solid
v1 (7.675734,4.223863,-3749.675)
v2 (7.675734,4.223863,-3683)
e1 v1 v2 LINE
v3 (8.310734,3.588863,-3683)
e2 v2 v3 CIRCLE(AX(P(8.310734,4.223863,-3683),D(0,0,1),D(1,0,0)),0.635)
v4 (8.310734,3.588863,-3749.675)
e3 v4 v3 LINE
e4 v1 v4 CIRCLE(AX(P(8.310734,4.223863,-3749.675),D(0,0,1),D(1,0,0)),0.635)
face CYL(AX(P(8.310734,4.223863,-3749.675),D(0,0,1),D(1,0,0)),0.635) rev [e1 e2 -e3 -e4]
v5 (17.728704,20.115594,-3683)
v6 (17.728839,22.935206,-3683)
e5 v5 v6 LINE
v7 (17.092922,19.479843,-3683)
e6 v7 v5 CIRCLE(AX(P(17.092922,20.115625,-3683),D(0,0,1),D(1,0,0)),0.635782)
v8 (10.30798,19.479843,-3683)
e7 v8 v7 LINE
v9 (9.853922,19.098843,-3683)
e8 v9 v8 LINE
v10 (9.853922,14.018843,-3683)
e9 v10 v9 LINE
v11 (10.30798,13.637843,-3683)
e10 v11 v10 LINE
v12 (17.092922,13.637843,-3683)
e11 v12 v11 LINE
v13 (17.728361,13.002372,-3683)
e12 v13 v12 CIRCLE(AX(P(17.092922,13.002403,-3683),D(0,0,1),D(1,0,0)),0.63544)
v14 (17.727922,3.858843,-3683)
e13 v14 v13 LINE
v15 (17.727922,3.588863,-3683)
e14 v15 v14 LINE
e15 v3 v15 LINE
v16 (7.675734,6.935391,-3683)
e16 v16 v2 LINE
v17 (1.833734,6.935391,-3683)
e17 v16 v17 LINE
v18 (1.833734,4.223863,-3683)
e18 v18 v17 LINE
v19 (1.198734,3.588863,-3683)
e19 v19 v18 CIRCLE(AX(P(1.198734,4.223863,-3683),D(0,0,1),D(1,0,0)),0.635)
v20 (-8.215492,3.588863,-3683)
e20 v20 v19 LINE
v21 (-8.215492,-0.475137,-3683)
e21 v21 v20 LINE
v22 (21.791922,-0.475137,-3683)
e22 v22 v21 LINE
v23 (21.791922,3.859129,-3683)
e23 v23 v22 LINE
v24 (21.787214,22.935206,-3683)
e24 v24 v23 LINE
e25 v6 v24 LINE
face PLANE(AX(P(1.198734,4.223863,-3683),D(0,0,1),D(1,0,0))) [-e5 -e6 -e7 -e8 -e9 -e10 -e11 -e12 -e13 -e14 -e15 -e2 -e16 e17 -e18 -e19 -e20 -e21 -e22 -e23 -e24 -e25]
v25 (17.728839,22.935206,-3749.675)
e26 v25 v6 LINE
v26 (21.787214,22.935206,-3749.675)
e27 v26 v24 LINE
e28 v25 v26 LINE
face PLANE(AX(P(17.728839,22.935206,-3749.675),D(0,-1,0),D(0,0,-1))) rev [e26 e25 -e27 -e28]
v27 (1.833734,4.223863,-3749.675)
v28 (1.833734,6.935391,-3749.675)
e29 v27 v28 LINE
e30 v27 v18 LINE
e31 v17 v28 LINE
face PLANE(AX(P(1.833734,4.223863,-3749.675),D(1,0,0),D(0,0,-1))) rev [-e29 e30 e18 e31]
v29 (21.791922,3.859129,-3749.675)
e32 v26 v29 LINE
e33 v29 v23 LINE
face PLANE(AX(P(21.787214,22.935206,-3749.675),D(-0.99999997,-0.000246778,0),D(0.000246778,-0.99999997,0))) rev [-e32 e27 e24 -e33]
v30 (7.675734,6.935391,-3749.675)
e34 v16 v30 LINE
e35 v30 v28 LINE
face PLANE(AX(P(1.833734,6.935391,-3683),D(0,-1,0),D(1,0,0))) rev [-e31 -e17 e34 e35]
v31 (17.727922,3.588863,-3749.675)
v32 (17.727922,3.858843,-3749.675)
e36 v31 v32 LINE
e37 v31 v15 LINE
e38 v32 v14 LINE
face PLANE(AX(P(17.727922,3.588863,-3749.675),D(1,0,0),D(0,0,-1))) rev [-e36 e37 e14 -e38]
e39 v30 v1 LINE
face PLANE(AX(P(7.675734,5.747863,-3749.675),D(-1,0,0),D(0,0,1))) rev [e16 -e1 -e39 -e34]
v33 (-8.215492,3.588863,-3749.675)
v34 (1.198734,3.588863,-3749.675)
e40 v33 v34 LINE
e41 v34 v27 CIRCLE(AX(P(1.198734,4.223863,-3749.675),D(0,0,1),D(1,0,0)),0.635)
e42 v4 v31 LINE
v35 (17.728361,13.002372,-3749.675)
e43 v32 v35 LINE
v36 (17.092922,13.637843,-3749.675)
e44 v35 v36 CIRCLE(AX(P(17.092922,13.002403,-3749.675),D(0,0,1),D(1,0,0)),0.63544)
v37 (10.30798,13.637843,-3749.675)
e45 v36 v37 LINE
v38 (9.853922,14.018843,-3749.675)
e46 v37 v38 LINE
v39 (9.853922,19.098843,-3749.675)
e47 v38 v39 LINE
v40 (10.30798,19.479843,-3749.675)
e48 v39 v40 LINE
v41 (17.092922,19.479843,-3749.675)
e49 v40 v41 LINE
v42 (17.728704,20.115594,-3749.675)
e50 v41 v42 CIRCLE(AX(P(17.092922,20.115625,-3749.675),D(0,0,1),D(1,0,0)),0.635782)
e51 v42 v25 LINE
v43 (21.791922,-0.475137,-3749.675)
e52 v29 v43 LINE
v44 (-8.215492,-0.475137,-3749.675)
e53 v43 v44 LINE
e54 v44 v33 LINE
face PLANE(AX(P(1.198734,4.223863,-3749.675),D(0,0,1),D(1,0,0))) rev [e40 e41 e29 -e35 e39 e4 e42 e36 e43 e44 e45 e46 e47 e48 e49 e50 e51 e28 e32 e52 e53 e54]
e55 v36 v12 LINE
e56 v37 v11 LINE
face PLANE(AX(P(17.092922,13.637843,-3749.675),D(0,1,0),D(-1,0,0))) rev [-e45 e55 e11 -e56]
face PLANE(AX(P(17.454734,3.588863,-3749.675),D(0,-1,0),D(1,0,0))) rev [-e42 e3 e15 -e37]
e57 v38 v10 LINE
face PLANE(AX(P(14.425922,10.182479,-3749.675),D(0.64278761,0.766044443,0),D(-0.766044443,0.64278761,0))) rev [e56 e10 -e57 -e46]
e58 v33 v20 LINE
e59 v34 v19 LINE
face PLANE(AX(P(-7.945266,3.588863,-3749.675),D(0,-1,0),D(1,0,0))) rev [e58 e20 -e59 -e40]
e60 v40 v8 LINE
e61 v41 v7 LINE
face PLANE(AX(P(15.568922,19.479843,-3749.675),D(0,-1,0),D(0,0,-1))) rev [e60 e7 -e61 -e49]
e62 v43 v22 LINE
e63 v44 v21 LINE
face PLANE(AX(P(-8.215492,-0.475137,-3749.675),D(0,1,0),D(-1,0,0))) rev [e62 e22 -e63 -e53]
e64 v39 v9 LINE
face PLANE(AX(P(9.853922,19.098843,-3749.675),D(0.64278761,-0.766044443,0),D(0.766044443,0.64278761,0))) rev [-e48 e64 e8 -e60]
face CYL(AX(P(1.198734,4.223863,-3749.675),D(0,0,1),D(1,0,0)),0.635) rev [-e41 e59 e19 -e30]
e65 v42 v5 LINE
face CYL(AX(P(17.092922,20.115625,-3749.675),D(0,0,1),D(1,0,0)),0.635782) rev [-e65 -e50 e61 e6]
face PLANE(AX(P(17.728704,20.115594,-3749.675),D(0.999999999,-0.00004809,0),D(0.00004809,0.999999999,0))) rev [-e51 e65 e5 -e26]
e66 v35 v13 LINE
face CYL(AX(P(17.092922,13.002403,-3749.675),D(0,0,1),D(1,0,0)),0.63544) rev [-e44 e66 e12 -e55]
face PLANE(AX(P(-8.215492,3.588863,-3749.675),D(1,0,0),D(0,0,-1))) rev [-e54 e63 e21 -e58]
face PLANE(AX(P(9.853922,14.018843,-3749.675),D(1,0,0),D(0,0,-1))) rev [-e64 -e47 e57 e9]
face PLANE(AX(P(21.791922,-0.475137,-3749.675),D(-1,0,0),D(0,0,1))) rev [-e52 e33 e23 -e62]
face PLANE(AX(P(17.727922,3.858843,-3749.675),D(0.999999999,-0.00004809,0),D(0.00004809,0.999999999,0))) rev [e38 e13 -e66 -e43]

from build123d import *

# Parameters (mm, degrees)
BOSS_EXTRUDE1_DEPTH = 66.675
CUT_EXTRUDE1_REACH  = 75.8
CUT_EXTRUDE2_REACH  = 75.8
SKETCH6_W           = 5.842
SKETCH6_H           = 4.878381591
CUT_EXTRUDE4_DEPTH  = 74.800184057


with BuildPart() as part:
    # Sketch1 → Boss-Extrude1 (new body)
    with BuildSketch(Plane(origin=(0, 0, -3683), x_dir=(-1, 0, 0), z_dir=(0, 0, -1))):
        with BuildLine():
            Line((7.945265893, 3.588862728), (-1.198734107, 3.588862728))
            ThreePointArc((-1.198734107, 3.588862728), (-1.647746913, 3.774849922), (-1.833734107, 4.223862728))
            Line((-1.833734107, 4.223862728), (-1.833734107, 5.747862728))
            ThreePointArc((-1.833734107, 5.747862728), (-1.647746913, 6.196875535), (-1.198734107, 6.382862728))
            Line((-1.198734107, 6.382862728), (1.621629442, 6.382862728))
            Line((1.621629442, 6.382862728), (1.621629442, 6.890862686))
            Line((1.621629442, 6.890862686), (-2.214734107, 11.462862728))
            Line((-2.214734107, 11.462862728), (-7.294734107, 11.462862728))
            Line((-7.294734107, 11.462862728), (-11.131097656, 6.890862686))
            Line((-11.131097656, 6.890862686), (-11.131097656, 6.382862728))
            Line((-11.131097656, 6.382862728), (-8.310734107, 6.382862728))
            ThreePointArc((-8.310734107, 6.382862728), (-7.861721301, 6.196875535), (-7.675734107, 5.747862728))
            Line((-7.675734107, 5.747862728), (-7.675734107, 4.223862728))
            ThreePointArc((-7.675734107, 4.223862728), (-7.861721301, 3.774849922), (-8.310734107, 3.588862728))
            Line((-8.310734107, 3.588862728), (-17.454734107, 3.588862728))
            Line((-17.454734107, 3.588862728), (-17.727921752, 3.588862728))
            Line((-17.727921752, 3.588862728), (-17.727921752, 3.858842754))
            Line((-17.727921752, 3.858842754), (-17.728361466, 13.002372481))
            ThreePointArc((-17.728361466, 13.002372481), (-17.542256287, 13.451715967), (-17.092921752, 13.637842754))
            Line((-17.092921752, 13.637842754), (-15.568921752, 13.637842754))
            ThreePointArc((-15.568921752, 13.637842754), (-15.119908946, 13.45185556), (-14.933921752, 13.002842754))
            Line((-14.933921752, 13.002842754), (-14.933921752, 10.182479205))
            Line((-14.933921752, 10.182479205), (-14.425921794, 10.182479205))
            Line((-14.425921794, 10.182479205), (-9.853921752, 14.018842754))
            Line((-9.853921752, 14.018842754), (-9.853921752, 19.098842754))
            Line((-9.853921752, 19.098842754), (-14.425921794, 22.935206303))
            Line((-14.425921794, 22.935206303), (-14.933921752, 22.935206303))
            Line((-14.933921752, 22.935206303), (-14.933921752, 20.114842754))
            ThreePointArc((-14.933921752, 20.114842754), (-15.119908946, 19.665829948), (-15.568921752, 19.479842754))
            Line((-15.568921752, 19.479842754), (-17.092921752, 19.479842754))
            ThreePointArc((-17.092921752, 19.479842754), (-17.542476558, 19.66604812), (-17.728703542, 20.11559397))
            Line((-17.728703542, 20.11559397), (-17.728839138, 22.935206303))
            Line((-17.728839138, 22.935206303), (-21.787214199, 22.935206303))
            Line((-21.787214199, 22.935206303), (-21.791921752, 3.859128788))
            Line((-21.791921752, 3.859128788), (-21.791921752, 3.588862728))
            Line((-21.791921752, 3.588862728), (-21.791921752, -0.475137272))
            Line((-21.791921752, -0.475137272), (-17.727921752, -0.475137272))
            Line((-17.727921752, -0.475137272), (-17.454774021, -0.475137272))
            Line((-17.454774021, -0.475137272), (7.945225979, -0.475137272))
            Line((7.945225979, -0.475137272), (8.215492039, -0.475137272))
            Line((8.215492039, -0.475137272), (8.215492039, 3.588862728))
            Line((8.215492039, 3.588862728), (7.945265893, 3.588862728))
        make_face()
    extrude(amount=BOSS_EXTRUDE1_DEPTH)

    # Sketch2 → Cut-Extrude1 (cut, up to next)
    with BuildSketch(Plane.XY.offset(-3683), mode=Mode.PRIVATE) as cut_extrude1_sk1:
        with BuildLine():
            Line((11.131097656, 6.890862686), (11.131097656, 6.382862728))
            Line((11.131097656, 6.382862728), (8.310734107, 6.382862728))
            ThreePointArc((8.310734107, 6.382862728), (7.861721301, 6.196875535), (7.675734107, 5.747862728))
            Line((7.675734107, 5.747862728), (7.675734107, 11.00880461))
            Line((7.675734107, 11.00880461), (11.131097656, 6.890862686))
        make_face()
    cut_extrude1_tool1 = extrude(cut_extrude1_sk1.sketch, amount=-CUT_EXTRUDE1_REACH, mode=Mode.PRIVATE) & part.part
    # Sketch2 → Cut-Extrude1 (cut, up to next)
    with BuildSketch(Plane.XY.offset(-3683), mode=Mode.PRIVATE) as cut_extrude1_sk2:
        with BuildLine():
            Line((1.833734107, 5.747862728), (1.833734107, 11.00880461))
            Line((1.833734107, 11.00880461), (-1.621629442, 6.890862686))
            Line((-1.621629442, 6.890862686), (-1.621629442, 6.382862728))
            Line((-1.621629442, 6.382862728), (1.198734107, 6.382862728))
            ThreePointArc((1.198734107, 6.382862728), (1.647746913, 6.196875535), (1.833734107, 5.747862728))
        make_face()
    cut_extrude1_tool2 = extrude(cut_extrude1_sk2.sketch, amount=-CUT_EXTRUDE1_REACH, mode=Mode.PRIVATE) & part.part
    add(cut_extrude1_tool1.solids().sort_by_distance((8.930632, 7.925168, -3683))[0], mode=Mode.SUBTRACT)
    add(cut_extrude1_tool2.solids().sort_by_distance((0.578837, 7.925168, -3683))[0], mode=Mode.SUBTRACT)

    # Sketch3 → Cut-Extrude2 (cut, up to next)
    with BuildSketch(Plane.XY.offset(-3683), mode=Mode.PRIVATE) as cut_extrude2_sk1:
        with BuildLine():
            Line((15.568921752, 19.479842754), (10.307979871, 19.479842754))
            Line((10.307979871, 19.479842754), (14.425921794, 22.935206303))
            Line((14.425921794, 22.935206303), (14.933921752, 22.935206303))
            Line((14.933921752, 22.935206303), (14.933921752, 20.114842754))
            ThreePointArc((14.933921752, 20.114842754), (15.119908946, 19.665829948), (15.568921752, 19.479842754))
        make_face()
    cut_extrude2_tool1 = extrude(cut_extrude2_sk1.sketch, amount=-CUT_EXTRUDE2_REACH, mode=Mode.PRIVATE) & part.part
    # Sketch3 → Cut-Extrude2 (cut, up to next)
    with BuildSketch(Plane.XY.offset(-3683), mode=Mode.PRIVATE) as cut_extrude2_sk2:
        with BuildLine():
            Line((10.307979871, 13.637842754), (14.425921794, 10.182479205))
            Line((14.425921794, 10.182479205), (14.933921752, 10.182479205))
            Line((14.933921752, 10.182479205), (14.933921752, 13.002842754))
            ThreePointArc((14.933921752, 13.002842754), (15.119908946, 13.45185556), (15.568921752, 13.637842754))
            Line((15.568921752, 13.637842754), (10.307979871, 13.637842754))
        make_face()
    cut_extrude2_tool2 = extrude(cut_extrude2_sk2.sketch, amount=-CUT_EXTRUDE2_REACH, mode=Mode.PRIVATE) & part.part
    add(cut_extrude2_tool1.solids().sort_by_distance((13.391616, 20.73474, -3683))[0], mode=Mode.SUBTRACT)
    add(cut_extrude2_tool2.solids().sort_by_distance((13.391616, 12.382945, -3683))[0], mode=Mode.SUBTRACT)

    # Sketch6 → Cut-Extrude4 (cut, through all)
    with BuildSketch(Plane(origin=(0, 0, -3749.675), x_dir=(-1, 0, 0), z_dir=(0, 0, -1))):
        with Locations((-4.754734107, 9.374581689)):
            Rectangle(SKETCH6_W, SKETCH6_H)
    extrude(amount=-CUT_EXTRUDE4_DEPTH, mode=Mode.SUBTRACT)


solid = part.part
